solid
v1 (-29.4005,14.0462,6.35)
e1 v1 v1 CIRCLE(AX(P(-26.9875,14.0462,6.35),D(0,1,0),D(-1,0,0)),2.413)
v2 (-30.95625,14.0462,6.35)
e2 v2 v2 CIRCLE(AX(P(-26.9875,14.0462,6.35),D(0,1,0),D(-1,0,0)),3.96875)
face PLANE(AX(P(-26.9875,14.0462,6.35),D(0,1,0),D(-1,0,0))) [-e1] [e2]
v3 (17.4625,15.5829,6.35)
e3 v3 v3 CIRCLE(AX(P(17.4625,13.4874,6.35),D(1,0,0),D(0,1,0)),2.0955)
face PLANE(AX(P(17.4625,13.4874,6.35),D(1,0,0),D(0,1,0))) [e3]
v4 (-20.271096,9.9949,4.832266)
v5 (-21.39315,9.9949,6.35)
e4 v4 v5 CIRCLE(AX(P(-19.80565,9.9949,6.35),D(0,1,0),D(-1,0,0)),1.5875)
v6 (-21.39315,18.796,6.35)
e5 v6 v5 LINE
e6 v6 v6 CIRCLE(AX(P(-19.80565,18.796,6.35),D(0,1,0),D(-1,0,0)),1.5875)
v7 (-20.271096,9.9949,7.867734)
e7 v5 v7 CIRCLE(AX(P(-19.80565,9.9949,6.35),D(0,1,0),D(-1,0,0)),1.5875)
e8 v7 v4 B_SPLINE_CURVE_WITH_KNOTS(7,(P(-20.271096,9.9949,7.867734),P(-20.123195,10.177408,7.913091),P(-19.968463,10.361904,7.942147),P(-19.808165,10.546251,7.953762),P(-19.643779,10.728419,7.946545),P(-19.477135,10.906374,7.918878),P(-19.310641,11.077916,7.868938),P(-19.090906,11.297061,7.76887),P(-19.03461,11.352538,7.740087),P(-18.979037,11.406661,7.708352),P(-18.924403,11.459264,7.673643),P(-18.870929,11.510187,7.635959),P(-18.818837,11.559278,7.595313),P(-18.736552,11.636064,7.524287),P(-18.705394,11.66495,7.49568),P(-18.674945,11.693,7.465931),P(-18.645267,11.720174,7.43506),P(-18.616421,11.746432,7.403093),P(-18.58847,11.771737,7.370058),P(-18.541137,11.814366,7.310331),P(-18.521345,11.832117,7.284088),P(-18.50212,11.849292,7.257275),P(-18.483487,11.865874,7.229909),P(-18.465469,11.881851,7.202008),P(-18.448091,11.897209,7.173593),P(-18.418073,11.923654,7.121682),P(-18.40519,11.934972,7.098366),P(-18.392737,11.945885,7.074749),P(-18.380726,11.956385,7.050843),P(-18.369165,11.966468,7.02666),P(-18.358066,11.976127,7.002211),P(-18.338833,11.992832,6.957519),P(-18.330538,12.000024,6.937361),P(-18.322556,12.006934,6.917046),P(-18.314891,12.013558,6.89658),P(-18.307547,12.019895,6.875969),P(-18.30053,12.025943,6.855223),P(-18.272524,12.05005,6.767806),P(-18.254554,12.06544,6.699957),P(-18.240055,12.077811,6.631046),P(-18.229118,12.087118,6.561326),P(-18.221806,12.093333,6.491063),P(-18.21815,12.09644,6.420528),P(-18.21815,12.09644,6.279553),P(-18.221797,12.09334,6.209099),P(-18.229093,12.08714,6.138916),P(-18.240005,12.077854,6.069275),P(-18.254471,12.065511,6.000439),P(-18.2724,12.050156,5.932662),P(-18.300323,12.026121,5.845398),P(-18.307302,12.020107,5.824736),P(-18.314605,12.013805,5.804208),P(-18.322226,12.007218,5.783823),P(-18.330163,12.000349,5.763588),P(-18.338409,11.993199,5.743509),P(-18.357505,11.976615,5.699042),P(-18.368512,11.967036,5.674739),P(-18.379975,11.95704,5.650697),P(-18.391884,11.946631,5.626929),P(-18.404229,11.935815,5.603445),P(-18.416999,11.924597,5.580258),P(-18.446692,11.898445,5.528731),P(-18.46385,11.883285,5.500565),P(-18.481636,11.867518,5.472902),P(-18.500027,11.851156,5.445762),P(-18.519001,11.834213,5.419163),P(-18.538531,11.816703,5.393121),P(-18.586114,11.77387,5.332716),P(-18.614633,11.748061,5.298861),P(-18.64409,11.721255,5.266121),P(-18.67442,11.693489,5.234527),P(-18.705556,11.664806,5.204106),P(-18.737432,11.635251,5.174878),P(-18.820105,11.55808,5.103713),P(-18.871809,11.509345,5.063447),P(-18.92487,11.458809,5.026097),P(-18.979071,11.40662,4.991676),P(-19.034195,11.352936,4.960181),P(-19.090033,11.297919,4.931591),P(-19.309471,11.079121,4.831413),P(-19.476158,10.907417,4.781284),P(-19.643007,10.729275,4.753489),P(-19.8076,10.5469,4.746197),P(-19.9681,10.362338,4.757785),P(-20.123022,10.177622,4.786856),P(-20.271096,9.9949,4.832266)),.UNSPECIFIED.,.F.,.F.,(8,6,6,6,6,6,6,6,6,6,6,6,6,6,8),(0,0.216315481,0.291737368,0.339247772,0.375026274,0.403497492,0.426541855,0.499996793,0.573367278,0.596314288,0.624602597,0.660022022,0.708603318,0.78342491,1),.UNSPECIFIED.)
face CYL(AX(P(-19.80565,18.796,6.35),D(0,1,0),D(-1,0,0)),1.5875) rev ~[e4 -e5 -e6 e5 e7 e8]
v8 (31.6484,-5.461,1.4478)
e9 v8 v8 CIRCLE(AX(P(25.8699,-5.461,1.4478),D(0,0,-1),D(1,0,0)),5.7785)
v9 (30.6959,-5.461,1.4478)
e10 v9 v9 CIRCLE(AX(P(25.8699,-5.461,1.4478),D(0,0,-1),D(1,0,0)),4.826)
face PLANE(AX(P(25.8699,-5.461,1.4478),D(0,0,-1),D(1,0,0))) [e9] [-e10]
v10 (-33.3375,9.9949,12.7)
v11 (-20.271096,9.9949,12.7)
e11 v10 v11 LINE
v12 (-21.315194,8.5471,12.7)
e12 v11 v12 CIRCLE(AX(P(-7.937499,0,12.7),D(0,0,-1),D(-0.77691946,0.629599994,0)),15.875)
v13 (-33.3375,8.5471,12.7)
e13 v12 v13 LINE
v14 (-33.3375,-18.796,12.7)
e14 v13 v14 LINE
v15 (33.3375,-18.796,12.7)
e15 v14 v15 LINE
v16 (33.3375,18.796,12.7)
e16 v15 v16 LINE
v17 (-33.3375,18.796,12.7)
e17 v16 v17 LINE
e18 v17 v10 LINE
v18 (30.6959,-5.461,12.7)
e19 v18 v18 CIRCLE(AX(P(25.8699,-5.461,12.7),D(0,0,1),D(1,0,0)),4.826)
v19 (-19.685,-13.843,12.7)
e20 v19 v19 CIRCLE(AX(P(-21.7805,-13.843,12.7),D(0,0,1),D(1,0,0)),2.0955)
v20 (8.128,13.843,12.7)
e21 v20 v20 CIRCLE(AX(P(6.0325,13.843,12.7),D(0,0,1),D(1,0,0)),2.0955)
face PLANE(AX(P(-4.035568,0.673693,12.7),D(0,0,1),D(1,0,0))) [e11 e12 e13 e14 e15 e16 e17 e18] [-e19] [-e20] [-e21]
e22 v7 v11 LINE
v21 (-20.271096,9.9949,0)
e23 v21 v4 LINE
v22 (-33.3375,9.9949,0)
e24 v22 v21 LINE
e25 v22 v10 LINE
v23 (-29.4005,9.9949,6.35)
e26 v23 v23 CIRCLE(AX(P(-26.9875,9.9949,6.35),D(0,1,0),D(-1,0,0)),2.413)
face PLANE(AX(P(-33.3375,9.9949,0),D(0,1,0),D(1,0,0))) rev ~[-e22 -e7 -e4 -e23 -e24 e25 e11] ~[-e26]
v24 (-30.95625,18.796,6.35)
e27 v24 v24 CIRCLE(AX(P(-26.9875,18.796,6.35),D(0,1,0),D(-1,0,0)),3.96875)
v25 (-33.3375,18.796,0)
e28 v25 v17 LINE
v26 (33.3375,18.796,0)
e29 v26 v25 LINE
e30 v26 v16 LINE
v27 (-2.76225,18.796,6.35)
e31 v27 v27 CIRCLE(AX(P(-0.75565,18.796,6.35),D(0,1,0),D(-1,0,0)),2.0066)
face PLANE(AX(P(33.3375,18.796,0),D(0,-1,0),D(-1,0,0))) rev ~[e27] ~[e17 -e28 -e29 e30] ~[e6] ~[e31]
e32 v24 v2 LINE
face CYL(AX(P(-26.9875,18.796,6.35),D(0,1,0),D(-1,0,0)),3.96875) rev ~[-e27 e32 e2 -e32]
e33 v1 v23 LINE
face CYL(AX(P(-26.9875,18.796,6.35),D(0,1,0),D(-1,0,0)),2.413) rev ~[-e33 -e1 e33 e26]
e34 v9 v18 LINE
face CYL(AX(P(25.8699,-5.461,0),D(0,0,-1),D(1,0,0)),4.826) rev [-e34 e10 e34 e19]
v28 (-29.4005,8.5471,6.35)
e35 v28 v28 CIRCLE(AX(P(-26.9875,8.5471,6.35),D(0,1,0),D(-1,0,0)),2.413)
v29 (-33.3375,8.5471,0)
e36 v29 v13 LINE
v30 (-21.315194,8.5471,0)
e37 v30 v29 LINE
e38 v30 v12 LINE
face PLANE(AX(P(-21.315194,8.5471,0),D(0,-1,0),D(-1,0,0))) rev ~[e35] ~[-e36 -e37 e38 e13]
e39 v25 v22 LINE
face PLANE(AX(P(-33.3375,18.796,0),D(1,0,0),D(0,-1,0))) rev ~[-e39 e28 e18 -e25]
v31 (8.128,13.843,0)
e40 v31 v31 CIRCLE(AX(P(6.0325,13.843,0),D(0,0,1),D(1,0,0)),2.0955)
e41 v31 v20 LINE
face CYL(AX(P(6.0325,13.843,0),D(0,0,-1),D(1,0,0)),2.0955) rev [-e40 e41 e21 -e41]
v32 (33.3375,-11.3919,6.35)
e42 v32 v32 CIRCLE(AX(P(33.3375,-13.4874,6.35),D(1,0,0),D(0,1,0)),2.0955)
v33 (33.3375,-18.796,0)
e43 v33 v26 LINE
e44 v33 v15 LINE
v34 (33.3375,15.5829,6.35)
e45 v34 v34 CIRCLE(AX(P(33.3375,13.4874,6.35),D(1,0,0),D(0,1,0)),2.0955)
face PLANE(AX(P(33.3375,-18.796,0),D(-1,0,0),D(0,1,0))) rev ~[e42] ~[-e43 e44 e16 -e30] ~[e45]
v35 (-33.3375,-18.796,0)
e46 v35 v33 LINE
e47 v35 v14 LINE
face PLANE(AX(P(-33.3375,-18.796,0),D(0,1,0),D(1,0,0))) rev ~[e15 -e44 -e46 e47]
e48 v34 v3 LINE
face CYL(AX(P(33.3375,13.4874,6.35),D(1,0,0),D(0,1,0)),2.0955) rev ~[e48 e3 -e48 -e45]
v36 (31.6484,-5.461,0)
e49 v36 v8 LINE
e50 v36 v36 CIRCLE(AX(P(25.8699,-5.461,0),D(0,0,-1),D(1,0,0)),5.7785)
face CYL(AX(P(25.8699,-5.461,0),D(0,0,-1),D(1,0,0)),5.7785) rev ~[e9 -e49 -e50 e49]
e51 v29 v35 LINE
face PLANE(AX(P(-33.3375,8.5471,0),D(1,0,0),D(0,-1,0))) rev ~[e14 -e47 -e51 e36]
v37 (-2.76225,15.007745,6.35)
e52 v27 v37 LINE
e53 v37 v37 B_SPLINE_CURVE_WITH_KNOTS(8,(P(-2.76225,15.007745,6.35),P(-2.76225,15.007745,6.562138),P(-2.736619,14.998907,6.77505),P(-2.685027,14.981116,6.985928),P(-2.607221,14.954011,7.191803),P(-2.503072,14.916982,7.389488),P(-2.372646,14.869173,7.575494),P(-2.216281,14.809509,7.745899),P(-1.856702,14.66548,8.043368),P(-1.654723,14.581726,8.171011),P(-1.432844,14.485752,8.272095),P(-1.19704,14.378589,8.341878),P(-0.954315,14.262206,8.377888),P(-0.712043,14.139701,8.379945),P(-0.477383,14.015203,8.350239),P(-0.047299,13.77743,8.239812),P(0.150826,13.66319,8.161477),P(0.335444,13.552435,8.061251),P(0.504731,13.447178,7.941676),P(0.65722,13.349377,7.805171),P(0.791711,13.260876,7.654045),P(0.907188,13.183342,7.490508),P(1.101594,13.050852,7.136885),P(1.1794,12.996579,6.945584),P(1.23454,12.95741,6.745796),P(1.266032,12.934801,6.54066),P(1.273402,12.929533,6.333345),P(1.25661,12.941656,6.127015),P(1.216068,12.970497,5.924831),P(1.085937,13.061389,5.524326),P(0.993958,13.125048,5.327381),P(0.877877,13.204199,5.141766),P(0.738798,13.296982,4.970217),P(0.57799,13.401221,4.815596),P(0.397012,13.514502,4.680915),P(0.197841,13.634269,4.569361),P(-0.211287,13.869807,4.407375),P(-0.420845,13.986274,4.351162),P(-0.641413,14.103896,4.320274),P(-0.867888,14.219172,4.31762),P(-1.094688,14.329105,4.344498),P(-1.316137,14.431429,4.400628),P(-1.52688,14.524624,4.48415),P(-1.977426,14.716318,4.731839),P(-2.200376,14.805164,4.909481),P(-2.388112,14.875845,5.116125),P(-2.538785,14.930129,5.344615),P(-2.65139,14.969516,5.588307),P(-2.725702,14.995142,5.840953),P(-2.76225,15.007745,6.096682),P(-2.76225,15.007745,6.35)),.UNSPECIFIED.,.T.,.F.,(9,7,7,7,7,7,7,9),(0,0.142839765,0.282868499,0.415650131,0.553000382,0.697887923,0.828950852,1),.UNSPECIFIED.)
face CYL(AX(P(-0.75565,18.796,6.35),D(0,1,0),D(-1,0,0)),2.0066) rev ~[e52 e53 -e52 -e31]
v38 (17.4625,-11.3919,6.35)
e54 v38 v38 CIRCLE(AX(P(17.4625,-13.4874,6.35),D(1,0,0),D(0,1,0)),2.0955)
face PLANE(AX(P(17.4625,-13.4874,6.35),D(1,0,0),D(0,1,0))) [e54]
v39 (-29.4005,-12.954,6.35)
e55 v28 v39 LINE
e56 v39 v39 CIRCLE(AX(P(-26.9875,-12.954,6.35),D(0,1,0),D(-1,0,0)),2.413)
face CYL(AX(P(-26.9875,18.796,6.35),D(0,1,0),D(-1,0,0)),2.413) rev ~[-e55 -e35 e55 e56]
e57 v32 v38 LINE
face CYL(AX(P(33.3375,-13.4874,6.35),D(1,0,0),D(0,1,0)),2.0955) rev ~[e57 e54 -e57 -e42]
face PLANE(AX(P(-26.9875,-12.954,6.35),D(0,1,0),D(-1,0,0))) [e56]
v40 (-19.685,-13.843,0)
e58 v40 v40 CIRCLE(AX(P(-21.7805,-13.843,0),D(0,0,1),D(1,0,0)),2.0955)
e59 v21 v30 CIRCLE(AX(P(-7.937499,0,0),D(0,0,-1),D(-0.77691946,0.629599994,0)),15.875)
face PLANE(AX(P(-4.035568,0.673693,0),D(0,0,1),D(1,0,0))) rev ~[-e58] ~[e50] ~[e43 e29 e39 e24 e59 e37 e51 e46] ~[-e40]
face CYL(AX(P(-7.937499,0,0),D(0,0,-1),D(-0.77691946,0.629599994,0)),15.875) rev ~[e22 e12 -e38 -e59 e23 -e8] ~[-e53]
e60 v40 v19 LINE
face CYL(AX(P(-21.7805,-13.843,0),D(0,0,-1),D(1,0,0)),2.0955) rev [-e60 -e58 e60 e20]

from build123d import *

# Parameters (mm, degrees)
F0_R      = 2.0955
F0_R_2    = 4.826
F1_DEPTH  = 12.7
F2_R      = 2.0955
F3_DEPTH  = 15.875
F4_R      = 5.7785
F5_DEPTH  = 1.4478
F6_R      = 2.413
F7_DEPTH  = 31.75
F8_R      = 3.96875
F9_DEPTH  = 4.7498
F10_R     = 1.5875
F10_R_2   = 2.0066
F11_DEPTH = 9.525


with BuildPart() as f1:
    # F0 (on Top) → F1 (new body)
    with BuildSketch(Plane.XY):
        with BuildLine():
            Line((33.3375, -18.796), (33.3375, 18.796))
            Line((33.3375, 18.796), (-33.3375, 18.796))
            Line((-33.3375, 18.796), (-33.3375, 9.9949))
            Line((-33.3375, 9.9949), (-20.271096, 9.9949))
            ThreePointArc((-20.271096, 9.9949), (4.938511, -9.285687), (-21.315194, 8.5471))
            Line((-21.315194, 8.5471), (-33.3375, 8.5471))
            Line((-33.3375, 8.5471), (-33.3375, -18.796))
            Line((-33.3375, -18.796), (33.3375, -18.796))
        make_face()
        with Locations((-21.7805, -13.843)):
            Circle(F0_R, mode=Mode.SUBTRACT)
        with Locations((25.8699, -5.461)):
            Circle(F0_R_2, mode=Mode.SUBTRACT)
        with Locations((6.0325, 13.843)):
            Circle(F0_R, mode=Mode.SUBTRACT)
    extrude(amount=F1_DEPTH)

    # F2 (on face) → F3 (cut)
    with BuildSketch(Plane.YZ.offset(33.3375)):
        with Locations((-13.4874, 6.35)):
            Circle(F2_R)
        with Locations((13.4874, 6.35)):
            Circle(F2_R)
    extrude(amount=-F3_DEPTH, mode=Mode.SUBTRACT)

    # F4 (on face) → F5 (cut)
    with BuildSketch(Plane(origin=(0, 0, 0), x_dir=(1, 0, 0), z_dir=(0, 0, -1))):
        with Locations((25.8699, 5.461)):
            Circle(F4_R)
    extrude(amount=-F5_DEPTH, mode=Mode.SUBTRACT)

    # F6 (on face) → F7 (cut)
    with BuildSketch(Plane(origin=(0, 18.796, 0), x_dir=(-1, 0, 0), z_dir=(0, 1, 0))):
        with Locations((26.9875, 6.35)):
            Circle(F6_R)
    extrude(amount=-F7_DEPTH, mode=Mode.SUBTRACT)

    # F8 (on face) → F9 (cut)
    with BuildSketch(Plane(origin=(0, 18.796, 0), x_dir=(-1, 0, 0), z_dir=(0, 1, 0))):
        with Locations((26.9875, 6.35)):
            Circle(F8_R)
    extrude(amount=-F9_DEPTH, mode=Mode.SUBTRACT)

    # F10 (on face) → F11 (cut)
    with BuildSketch(Plane(origin=(0, 18.796, 0), x_dir=(-1, 0, 0), z_dir=(0, 1, 0))):
        with Locations((19.80565, 6.35)):
            Circle(F10_R)
        with Locations((0.75565, 6.35)):
            Circle(F10_R_2)
    extrude(amount=-F11_DEPTH, mode=Mode.SUBTRACT)


solid = f1.part
